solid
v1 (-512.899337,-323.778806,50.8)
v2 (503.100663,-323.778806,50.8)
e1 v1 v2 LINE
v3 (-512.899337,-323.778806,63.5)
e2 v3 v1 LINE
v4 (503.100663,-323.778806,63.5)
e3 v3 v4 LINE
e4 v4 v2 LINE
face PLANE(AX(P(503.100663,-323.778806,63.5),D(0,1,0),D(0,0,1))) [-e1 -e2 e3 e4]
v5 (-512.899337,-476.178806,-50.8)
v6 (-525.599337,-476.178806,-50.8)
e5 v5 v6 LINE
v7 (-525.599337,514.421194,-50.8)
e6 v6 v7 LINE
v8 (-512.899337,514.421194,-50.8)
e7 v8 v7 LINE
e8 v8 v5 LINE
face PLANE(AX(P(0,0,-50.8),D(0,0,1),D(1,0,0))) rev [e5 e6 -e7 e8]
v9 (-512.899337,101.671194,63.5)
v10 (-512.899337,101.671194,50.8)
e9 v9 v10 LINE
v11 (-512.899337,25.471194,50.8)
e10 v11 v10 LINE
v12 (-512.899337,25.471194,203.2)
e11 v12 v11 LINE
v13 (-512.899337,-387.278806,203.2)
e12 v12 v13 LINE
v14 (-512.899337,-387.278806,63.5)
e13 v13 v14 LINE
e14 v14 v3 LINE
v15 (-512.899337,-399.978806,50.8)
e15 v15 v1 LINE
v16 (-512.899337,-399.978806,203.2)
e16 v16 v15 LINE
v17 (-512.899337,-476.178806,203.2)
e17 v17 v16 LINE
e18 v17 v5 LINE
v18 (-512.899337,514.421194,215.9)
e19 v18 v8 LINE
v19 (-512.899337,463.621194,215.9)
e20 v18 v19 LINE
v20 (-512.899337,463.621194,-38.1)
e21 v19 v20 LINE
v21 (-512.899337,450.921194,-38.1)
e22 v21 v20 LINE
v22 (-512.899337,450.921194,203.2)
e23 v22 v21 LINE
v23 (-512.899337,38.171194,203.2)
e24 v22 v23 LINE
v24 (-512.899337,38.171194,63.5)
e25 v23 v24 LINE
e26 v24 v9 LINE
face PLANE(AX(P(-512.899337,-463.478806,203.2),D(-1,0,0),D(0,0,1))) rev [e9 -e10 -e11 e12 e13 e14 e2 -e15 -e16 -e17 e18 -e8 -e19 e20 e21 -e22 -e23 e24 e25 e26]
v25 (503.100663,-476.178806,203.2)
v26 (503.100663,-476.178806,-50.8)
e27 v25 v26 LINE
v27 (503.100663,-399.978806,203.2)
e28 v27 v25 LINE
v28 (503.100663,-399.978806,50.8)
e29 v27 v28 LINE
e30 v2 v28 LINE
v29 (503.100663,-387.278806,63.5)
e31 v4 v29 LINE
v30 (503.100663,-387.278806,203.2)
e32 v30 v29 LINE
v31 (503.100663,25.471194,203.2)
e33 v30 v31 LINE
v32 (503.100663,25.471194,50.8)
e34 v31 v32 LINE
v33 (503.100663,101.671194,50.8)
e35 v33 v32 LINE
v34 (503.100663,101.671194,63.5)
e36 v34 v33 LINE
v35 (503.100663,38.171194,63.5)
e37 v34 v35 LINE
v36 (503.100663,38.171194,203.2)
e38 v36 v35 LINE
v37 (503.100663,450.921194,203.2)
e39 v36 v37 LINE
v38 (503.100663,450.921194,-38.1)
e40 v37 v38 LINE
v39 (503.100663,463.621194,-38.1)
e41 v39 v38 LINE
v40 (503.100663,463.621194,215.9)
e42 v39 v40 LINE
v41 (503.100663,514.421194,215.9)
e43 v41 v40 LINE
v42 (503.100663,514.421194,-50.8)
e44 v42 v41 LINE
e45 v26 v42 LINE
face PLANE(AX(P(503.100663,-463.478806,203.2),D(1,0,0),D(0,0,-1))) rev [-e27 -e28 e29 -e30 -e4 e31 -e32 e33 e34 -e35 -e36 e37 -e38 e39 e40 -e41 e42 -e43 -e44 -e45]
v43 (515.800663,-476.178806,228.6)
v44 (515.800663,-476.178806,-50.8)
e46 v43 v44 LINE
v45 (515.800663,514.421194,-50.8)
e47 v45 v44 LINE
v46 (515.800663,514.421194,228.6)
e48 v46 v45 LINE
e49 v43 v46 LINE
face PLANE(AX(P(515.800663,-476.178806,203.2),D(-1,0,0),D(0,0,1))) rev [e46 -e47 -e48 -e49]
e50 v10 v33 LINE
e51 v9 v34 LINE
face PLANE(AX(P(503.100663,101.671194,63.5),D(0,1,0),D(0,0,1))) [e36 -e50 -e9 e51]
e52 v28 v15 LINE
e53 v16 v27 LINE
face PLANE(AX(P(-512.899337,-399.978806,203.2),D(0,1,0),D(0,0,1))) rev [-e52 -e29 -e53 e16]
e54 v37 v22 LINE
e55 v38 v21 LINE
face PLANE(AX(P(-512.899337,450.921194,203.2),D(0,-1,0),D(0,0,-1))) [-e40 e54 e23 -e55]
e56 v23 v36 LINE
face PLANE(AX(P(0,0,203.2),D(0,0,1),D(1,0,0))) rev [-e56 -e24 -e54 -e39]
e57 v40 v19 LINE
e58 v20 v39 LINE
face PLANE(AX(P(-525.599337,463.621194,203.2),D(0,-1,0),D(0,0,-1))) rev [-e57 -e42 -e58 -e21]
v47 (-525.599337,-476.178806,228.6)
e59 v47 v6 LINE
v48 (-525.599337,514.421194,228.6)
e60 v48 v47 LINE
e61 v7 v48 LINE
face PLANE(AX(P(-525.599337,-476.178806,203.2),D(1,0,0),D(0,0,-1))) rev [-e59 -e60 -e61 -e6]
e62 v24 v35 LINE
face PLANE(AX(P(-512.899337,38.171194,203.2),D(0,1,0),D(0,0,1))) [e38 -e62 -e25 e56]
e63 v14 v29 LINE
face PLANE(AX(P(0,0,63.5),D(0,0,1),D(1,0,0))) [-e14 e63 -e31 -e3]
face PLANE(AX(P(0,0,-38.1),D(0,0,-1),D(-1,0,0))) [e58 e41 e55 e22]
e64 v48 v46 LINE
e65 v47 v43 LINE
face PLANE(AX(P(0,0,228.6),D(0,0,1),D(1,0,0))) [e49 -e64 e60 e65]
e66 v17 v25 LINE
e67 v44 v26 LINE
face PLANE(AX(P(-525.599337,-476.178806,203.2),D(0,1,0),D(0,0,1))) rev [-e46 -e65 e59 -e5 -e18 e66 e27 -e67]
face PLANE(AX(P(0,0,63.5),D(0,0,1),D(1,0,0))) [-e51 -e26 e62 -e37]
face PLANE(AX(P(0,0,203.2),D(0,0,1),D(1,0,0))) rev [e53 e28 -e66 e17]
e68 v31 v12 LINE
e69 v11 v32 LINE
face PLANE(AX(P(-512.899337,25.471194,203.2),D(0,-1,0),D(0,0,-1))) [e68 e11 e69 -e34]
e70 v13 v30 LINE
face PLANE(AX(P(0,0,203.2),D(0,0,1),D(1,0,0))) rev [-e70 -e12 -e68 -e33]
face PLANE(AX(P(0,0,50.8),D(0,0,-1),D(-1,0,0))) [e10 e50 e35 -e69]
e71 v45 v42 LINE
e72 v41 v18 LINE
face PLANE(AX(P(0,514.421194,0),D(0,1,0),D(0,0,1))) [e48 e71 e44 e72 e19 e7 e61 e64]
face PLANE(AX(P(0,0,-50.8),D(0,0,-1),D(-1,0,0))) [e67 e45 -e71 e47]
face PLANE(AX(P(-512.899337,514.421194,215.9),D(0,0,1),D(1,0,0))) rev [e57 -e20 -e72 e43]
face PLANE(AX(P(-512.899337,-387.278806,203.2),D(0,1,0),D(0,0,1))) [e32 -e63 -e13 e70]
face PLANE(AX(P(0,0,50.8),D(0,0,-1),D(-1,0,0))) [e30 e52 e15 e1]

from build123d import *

# Parameters (mm, degrees)
SKETCH1_W            = 1016
SKETCH1_H            = 412.75
BOSS_EXTRUDE2_DEPTH  = 203.2
SKETCH3_W            = 1041.4
SKETCH3_H            = 939.8
BOSS_EXTRUDE4_DEPTH  = 25.4
SKETCH6_W            = 12.7
SKETCH6_H            = 939.8
BOSS_EXTRUDE7_DEPTH  = 50.8
SKETCH7_W            = 12.7
SKETCH7_H            = 939.8
BOSS_EXTRUDE8_DEPTH  = 50.8
BOSS_EXTRUDE9_DEPTH  = 50.8
SKETCH10_W           = 1016
SKETCH10_H           = 514.35
CUT_EXTRUDE1_DEPTH   = 50.8
SKETCH11_W           = 1016
SKETCH11_H           = 12.7
BOSS_EXTRUDE11_DEPTH = 38.1
SKETCH13_W           = 1016
SKETCH13_H           = 76.2
BOSS_EXTRUDE12_DEPTH = 12.7


with BuildPart() as part:
    # Sketch1 → Boss-Extrude2 (new body)
    with BuildSketch(Plane.XY):
        Polygon((-512.899336879, -399.978806382), (503.100663121, -399.978806382), (503.100663121, -463.478806382), (503.100663121, -476.178806382), (515.800663121, -476.178806382), (515.800663121, 463.621193618), (-525.599336879, 463.621193618), (-525.599336879, -476.178806382), (-512.899336879, -476.178806382), (-512.899336879, -463.478806382), align=None)
        with Locations((-4.899336879, 244.546193618)):
            Rectangle(SKETCH1_W, SKETCH1_H, mode=Mode.SUBTRACT)
        with Locations((-4.899336879, -180.903806382)):
            Rectangle(SKETCH1_W, SKETCH1_H, mode=Mode.SUBTRACT)
    extrude(amount=BOSS_EXTRUDE2_DEPTH)

    # Sketch3 → Boss-Extrude4 (add)
    with BuildSketch(Plane.XY.offset(203.2)):
        with Locations((-4.899336879, -6.278806382)):
            Rectangle(SKETCH3_W, SKETCH3_H)
    extrude(amount=BOSS_EXTRUDE4_DEPTH)

    # Sketch6 → Boss-Extrude7 (add)
    with BuildSketch(Plane(origin=(0, 0, 0), x_dir=(-1, 0, 0), z_dir=(0, 0, -1))):
        with Locations((-509.450663121, -6.278806382)):
            Rectangle(SKETCH6_W, SKETCH6_H)
    extrude(amount=BOSS_EXTRUDE7_DEPTH)

    # Sketch7 → Boss-Extrude8 (add)
    with BuildSketch(Plane(origin=(0, 0, 0), x_dir=(-1, 0, 0), z_dir=(0, 0, -1))):
        with Locations((519.249336879, -6.278806382)):
            Rectangle(SKETCH7_W, SKETCH7_H)
    extrude(amount=BOSS_EXTRUDE8_DEPTH)

    # Sketch8 → Boss-Extrude9 (add)
    with BuildSketch(Plane(origin=(0, 463.621193618, 0), x_dir=(1, 0, 0), z_dir=(0, 1, 0))):
        Polygon((-512.899336879, 0), (-512.899336879, -215.9), (503.100663121, -215.9), (503.100663121, 0), (503.100663121, 50.8), (515.800663121, 50.8), (515.800663121, 0), (515.800663121, -228.6), (-525.599336879, -228.6), (-525.599336879, 0), (-525.599336879, 50.8), (-512.899336879, 50.8), align=None)
    extrude(amount=BOSS_EXTRUDE9_DEPTH)

    # Sketch10 → Cut-Extrude1 (cut)
    with BuildSketch(Plane(origin=(0, 0, 0), x_dir=(-1, 0, 0), z_dir=(0, 0, -1))):
        with Locations((4.899336879, -219.003806382)):
            Rectangle(SKETCH10_W, SKETCH10_H)
    extrude(amount=-CUT_EXTRUDE1_DEPTH, mode=Mode.SUBTRACT)

    # Sketch11 → Boss-Extrude11 (add)
    with BuildSketch(Plane(origin=(0, 0, 0), x_dir=(-1, 0, 0), z_dir=(0, 0, -1))):
        with Locations((4.899336879, 457.271193618)):
            Rectangle(SKETCH11_W, SKETCH11_H)
    extrude(amount=BOSS_EXTRUDE11_DEPTH)

    # Sketch13 → Boss-Extrude12 (add)
    with BuildSketch(Plane(origin=(0, 0, 50.8), x_dir=(-1, 0, 0), z_dir=(0, 0, -1))):
        with Locations((4.899336879, 63.571193618)):
            Rectangle(SKETCH13_W, SKETCH13_H)
        with Locations((4.899336879, -361.878806382)):
            Rectangle(SKETCH13_W, SKETCH13_H)
    extrude(amount=-BOSS_EXTRUDE12_DEPTH)


solid = part.part
